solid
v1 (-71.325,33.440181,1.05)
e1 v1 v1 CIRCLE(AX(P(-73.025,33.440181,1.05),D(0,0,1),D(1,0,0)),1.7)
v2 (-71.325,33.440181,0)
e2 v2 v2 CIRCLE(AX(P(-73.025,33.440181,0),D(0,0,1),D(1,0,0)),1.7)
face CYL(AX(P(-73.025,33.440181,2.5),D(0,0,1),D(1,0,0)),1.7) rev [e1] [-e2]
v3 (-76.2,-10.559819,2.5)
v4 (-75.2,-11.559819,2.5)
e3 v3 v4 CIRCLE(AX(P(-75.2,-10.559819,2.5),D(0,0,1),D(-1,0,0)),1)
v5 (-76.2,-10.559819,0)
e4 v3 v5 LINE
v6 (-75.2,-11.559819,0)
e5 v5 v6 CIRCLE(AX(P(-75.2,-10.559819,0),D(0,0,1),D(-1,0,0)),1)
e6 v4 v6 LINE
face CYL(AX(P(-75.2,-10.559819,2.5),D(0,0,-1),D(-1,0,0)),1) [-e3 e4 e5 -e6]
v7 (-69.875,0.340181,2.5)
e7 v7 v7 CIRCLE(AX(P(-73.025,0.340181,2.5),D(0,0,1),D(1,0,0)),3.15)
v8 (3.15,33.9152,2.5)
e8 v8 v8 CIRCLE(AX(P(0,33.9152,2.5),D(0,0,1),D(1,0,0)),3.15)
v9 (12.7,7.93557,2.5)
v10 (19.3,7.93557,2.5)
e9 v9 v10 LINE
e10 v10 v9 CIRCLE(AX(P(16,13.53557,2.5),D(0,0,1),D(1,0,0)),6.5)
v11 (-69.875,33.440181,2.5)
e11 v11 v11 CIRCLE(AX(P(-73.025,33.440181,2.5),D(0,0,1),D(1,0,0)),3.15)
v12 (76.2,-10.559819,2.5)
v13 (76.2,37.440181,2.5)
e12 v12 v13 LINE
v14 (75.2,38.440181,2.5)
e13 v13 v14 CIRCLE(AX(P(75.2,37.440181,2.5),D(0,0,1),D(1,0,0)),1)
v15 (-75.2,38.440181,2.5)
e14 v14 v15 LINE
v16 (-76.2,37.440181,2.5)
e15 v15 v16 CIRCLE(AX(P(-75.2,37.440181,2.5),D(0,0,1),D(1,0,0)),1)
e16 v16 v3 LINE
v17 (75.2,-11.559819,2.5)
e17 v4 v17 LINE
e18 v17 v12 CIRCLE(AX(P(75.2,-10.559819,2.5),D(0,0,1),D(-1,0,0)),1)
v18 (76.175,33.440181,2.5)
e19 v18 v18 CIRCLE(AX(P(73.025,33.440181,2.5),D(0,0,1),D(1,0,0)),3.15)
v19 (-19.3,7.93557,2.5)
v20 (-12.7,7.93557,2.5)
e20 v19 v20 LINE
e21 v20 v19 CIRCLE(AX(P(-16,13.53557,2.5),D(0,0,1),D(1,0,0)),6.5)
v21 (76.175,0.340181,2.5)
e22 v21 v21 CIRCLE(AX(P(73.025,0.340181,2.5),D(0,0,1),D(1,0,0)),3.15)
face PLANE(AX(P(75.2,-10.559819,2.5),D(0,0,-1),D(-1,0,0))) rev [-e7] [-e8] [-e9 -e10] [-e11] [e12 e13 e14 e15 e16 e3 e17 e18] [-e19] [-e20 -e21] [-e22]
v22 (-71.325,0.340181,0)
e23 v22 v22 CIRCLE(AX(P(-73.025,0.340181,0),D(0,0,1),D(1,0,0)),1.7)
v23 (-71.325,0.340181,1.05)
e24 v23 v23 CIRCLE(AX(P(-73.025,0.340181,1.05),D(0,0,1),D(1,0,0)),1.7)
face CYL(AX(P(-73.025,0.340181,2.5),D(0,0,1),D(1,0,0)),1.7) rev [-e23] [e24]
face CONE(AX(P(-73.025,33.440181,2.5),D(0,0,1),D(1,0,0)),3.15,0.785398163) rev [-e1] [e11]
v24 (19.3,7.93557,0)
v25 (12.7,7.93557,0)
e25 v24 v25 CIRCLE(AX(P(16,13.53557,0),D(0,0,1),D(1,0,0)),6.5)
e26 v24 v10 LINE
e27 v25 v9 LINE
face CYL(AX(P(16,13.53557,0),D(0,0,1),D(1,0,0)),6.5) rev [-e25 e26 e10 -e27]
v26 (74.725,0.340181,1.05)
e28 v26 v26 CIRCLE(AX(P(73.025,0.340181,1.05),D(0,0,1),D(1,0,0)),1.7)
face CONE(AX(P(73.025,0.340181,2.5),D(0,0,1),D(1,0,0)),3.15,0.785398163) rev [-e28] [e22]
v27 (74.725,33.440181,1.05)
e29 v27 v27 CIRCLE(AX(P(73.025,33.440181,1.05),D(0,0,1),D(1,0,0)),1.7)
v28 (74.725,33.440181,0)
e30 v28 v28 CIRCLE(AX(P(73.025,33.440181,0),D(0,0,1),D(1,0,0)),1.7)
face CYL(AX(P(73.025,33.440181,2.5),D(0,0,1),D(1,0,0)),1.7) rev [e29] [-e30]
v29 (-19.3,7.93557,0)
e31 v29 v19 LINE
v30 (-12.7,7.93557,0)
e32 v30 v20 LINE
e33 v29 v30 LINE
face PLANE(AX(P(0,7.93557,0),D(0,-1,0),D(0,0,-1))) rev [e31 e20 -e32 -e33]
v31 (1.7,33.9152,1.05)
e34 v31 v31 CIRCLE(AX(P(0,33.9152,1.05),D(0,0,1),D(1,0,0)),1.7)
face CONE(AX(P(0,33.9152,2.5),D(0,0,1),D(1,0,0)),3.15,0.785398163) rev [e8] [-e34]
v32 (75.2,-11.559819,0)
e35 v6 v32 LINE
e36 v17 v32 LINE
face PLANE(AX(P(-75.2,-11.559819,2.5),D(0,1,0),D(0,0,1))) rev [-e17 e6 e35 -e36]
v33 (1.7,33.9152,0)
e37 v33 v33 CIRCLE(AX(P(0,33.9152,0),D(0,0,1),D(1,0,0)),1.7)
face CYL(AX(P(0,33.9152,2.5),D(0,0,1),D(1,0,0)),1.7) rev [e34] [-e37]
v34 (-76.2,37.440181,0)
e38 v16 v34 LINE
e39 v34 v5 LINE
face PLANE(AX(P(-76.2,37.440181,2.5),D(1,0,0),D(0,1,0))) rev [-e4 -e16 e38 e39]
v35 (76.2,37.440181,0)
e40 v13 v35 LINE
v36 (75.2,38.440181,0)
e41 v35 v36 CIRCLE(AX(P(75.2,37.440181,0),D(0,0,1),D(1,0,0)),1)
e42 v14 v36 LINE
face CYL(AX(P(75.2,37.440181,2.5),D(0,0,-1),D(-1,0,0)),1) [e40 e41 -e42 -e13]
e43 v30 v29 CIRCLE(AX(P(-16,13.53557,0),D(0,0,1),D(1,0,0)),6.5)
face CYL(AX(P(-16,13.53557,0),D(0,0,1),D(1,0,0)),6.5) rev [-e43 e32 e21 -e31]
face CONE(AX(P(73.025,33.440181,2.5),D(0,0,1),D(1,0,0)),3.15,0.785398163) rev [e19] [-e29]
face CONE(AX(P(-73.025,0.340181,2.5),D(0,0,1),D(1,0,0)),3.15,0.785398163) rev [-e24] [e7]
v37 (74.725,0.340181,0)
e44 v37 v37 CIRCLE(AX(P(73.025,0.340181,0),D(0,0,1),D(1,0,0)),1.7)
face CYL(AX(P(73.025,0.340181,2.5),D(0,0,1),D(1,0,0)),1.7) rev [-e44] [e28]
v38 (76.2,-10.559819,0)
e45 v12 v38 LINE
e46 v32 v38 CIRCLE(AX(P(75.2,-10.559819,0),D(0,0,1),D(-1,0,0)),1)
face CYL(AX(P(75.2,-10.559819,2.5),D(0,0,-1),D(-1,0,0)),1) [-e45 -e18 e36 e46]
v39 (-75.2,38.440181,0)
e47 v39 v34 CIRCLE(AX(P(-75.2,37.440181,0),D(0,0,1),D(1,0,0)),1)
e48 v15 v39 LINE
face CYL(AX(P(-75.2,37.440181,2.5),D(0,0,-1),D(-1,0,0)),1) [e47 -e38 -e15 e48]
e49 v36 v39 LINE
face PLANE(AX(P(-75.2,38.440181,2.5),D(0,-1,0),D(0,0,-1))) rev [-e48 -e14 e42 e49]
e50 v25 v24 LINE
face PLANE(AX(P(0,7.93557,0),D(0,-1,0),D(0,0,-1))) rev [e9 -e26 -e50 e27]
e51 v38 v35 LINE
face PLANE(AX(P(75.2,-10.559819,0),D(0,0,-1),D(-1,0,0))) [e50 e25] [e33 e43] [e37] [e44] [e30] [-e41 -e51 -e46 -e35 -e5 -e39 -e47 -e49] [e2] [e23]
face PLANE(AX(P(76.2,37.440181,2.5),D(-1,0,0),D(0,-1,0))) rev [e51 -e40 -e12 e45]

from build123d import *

# Parameters (mm, degrees)
BOSS_EXTRUDE1_DEPTH                          = 2.5
CSK_FOR_M3_COUNTERSUNK_FLAT_HEAD_SCR_2_COUNT = 2
CSK_FOR_M3_COUNTERSUNK_FLAT_HEAD_SCR_2_PITCH = 33.1
CSK_FOR_M3_COUNTERSUNK_FLAT_HEAD_SCR_3_COUNT = 2
CSK_FOR_M3_COUNTERSUNK_FLAT_HEAD_SCR_3_PITCH = 73.026544956
CSK_FOR_M3_COUNTERSUNK_FLAT_HEAD_SCR_4_COUNT = 2
CSK_FOR_M3_COUNTERSUNK_FLAT_HEAD_SCR_4_PITCH = 146.05
CSK_FOR_M3_COUNTERSUNK_FLAT_HEAD_SCR_5_COUNT = 2
CSK_FOR_M3_COUNTERSUNK_FLAT_HEAD_SCR_5_PITCH = 149.753839684
CUT_EXTRUDE1_DEPTH                           = 86.383473485


with BuildPart() as part:
    # Sketch2 → Boss-Extrude1 (new body)
    with BuildSketch(Plane.XY):
        with BuildLine():
            Line((-75.2, -11.559818622), (75.2, -11.559818622))
            ThreePointArc((75.2, -11.559818622), (75.907106781, -11.266925403), (76.2, -10.559818622))
            Line((76.2, -10.559818622), (76.2, 37.440181378))
            ThreePointArc((76.2, 37.440181378), (75.907106781, 38.147288159), (75.2, 38.440181378))
            Line((75.2, 38.440181378), (-75.2, 38.440181378))
            ThreePointArc((-75.2, 38.440181378), (-75.907106781, 38.147288159), (-76.2, 37.440181378))
            Line((-76.2, 37.440181378), (-76.2, -10.559818622))
            ThreePointArc((-76.2, -10.559818622), (-75.907106781, -11.266925403), (-75.2, -11.559818622))
        make_face()
    extrude(amount=BOSS_EXTRUDE1_DEPTH)

    # Sketch5 → CSK for M3 Countersunk Flat Head Screw1 (revolve, cut)
    with BuildSketch(Plane(origin=(-73.025, 33.440181378, 2.5), x_dir=(0, -1, 0), z_dir=(1, 0, 0))):
        Polygon((0, 0), (0, 2.5), (1.7, 2.5), (1.7, 1.45), (3.15, 0), align=None)
    csk_for_m3_countersunk_flat_head_screw1 = revolve(axis=Axis((-73.025, 33.440181378, 8.85), (0, 0, -1)), mode=Mode.SUBTRACT)

    # CSK for M3 Countersunk Flat Head Scr 2: CSK for M3 Countersunk Flat Head Screw1 ×2
    with Locations(*[(0, -i * CSK_FOR_M3_COUNTERSUNK_FLAT_HEAD_SCR_2_PITCH, 0) for i in range(1, CSK_FOR_M3_COUNTERSUNK_FLAT_HEAD_SCR_2_COUNT)]):
        add(csk_for_m3_countersunk_flat_head_screw1, mode=Mode.SUBTRACT)

    # CSK for M3 Countersunk Flat Head Scr 3: CSK for M3 Countersunk Flat Head Screw1 ×2
    with Locations(*[Vector(0.9999788439186126, 0.006504745590340633, 0) * (i * CSK_FOR_M3_COUNTERSUNK_FLAT_HEAD_SCR_3_PITCH) for i in range(1, CSK_FOR_M3_COUNTERSUNK_FLAT_HEAD_SCR_3_COUNT)]):
        add(csk_for_m3_countersunk_flat_head_screw1, mode=Mode.SUBTRACT)

    # CSK for M3 Countersunk Flat Head Scr 4: CSK for M3 Countersunk Flat Head Screw1 ×2
    with Locations(*[(i * CSK_FOR_M3_COUNTERSUNK_FLAT_HEAD_SCR_4_PITCH, 0, 0) for i in range(1, CSK_FOR_M3_COUNTERSUNK_FLAT_HEAD_SCR_4_COUNT)]):
        add(csk_for_m3_countersunk_flat_head_screw1, mode=Mode.SUBTRACT)

    # CSK for M3 Countersunk Flat Head Scr 5: CSK for M3 Countersunk Flat Head Screw1 ×2
    with Locations(*[Vector(0.9752671471296755, -0.22102939109888511, 0) * (i * CSK_FOR_M3_COUNTERSUNK_FLAT_HEAD_SCR_5_PITCH) for i in range(1, CSK_FOR_M3_COUNTERSUNK_FLAT_HEAD_SCR_5_COUNT)]):
        add(csk_for_m3_countersunk_flat_head_screw1, mode=Mode.SUBTRACT)

    # Sketch6 → Cut-Extrude1 (cut, through all)
    with BuildSketch(Plane.XY.offset(2.5)):
        with BuildLine():
            ThreePointArc((-12.7, 7.935569815), (-16, 20.035569815), (-19.3, 7.935569815))
            Line((-19.3, 7.935569815), (-12.7, 7.935569815))
        make_face()
        with BuildLine():
            ThreePointArc((19.3, 7.935569815), (16, 20.035569815), (12.7, 7.935569815))
            Line((12.7, 7.935569815), (19.3, 7.935569815))
        make_face()
    extrude(amount=-CUT_EXTRUDE1_DEPTH, mode=Mode.SUBTRACT)


solid = part.part
